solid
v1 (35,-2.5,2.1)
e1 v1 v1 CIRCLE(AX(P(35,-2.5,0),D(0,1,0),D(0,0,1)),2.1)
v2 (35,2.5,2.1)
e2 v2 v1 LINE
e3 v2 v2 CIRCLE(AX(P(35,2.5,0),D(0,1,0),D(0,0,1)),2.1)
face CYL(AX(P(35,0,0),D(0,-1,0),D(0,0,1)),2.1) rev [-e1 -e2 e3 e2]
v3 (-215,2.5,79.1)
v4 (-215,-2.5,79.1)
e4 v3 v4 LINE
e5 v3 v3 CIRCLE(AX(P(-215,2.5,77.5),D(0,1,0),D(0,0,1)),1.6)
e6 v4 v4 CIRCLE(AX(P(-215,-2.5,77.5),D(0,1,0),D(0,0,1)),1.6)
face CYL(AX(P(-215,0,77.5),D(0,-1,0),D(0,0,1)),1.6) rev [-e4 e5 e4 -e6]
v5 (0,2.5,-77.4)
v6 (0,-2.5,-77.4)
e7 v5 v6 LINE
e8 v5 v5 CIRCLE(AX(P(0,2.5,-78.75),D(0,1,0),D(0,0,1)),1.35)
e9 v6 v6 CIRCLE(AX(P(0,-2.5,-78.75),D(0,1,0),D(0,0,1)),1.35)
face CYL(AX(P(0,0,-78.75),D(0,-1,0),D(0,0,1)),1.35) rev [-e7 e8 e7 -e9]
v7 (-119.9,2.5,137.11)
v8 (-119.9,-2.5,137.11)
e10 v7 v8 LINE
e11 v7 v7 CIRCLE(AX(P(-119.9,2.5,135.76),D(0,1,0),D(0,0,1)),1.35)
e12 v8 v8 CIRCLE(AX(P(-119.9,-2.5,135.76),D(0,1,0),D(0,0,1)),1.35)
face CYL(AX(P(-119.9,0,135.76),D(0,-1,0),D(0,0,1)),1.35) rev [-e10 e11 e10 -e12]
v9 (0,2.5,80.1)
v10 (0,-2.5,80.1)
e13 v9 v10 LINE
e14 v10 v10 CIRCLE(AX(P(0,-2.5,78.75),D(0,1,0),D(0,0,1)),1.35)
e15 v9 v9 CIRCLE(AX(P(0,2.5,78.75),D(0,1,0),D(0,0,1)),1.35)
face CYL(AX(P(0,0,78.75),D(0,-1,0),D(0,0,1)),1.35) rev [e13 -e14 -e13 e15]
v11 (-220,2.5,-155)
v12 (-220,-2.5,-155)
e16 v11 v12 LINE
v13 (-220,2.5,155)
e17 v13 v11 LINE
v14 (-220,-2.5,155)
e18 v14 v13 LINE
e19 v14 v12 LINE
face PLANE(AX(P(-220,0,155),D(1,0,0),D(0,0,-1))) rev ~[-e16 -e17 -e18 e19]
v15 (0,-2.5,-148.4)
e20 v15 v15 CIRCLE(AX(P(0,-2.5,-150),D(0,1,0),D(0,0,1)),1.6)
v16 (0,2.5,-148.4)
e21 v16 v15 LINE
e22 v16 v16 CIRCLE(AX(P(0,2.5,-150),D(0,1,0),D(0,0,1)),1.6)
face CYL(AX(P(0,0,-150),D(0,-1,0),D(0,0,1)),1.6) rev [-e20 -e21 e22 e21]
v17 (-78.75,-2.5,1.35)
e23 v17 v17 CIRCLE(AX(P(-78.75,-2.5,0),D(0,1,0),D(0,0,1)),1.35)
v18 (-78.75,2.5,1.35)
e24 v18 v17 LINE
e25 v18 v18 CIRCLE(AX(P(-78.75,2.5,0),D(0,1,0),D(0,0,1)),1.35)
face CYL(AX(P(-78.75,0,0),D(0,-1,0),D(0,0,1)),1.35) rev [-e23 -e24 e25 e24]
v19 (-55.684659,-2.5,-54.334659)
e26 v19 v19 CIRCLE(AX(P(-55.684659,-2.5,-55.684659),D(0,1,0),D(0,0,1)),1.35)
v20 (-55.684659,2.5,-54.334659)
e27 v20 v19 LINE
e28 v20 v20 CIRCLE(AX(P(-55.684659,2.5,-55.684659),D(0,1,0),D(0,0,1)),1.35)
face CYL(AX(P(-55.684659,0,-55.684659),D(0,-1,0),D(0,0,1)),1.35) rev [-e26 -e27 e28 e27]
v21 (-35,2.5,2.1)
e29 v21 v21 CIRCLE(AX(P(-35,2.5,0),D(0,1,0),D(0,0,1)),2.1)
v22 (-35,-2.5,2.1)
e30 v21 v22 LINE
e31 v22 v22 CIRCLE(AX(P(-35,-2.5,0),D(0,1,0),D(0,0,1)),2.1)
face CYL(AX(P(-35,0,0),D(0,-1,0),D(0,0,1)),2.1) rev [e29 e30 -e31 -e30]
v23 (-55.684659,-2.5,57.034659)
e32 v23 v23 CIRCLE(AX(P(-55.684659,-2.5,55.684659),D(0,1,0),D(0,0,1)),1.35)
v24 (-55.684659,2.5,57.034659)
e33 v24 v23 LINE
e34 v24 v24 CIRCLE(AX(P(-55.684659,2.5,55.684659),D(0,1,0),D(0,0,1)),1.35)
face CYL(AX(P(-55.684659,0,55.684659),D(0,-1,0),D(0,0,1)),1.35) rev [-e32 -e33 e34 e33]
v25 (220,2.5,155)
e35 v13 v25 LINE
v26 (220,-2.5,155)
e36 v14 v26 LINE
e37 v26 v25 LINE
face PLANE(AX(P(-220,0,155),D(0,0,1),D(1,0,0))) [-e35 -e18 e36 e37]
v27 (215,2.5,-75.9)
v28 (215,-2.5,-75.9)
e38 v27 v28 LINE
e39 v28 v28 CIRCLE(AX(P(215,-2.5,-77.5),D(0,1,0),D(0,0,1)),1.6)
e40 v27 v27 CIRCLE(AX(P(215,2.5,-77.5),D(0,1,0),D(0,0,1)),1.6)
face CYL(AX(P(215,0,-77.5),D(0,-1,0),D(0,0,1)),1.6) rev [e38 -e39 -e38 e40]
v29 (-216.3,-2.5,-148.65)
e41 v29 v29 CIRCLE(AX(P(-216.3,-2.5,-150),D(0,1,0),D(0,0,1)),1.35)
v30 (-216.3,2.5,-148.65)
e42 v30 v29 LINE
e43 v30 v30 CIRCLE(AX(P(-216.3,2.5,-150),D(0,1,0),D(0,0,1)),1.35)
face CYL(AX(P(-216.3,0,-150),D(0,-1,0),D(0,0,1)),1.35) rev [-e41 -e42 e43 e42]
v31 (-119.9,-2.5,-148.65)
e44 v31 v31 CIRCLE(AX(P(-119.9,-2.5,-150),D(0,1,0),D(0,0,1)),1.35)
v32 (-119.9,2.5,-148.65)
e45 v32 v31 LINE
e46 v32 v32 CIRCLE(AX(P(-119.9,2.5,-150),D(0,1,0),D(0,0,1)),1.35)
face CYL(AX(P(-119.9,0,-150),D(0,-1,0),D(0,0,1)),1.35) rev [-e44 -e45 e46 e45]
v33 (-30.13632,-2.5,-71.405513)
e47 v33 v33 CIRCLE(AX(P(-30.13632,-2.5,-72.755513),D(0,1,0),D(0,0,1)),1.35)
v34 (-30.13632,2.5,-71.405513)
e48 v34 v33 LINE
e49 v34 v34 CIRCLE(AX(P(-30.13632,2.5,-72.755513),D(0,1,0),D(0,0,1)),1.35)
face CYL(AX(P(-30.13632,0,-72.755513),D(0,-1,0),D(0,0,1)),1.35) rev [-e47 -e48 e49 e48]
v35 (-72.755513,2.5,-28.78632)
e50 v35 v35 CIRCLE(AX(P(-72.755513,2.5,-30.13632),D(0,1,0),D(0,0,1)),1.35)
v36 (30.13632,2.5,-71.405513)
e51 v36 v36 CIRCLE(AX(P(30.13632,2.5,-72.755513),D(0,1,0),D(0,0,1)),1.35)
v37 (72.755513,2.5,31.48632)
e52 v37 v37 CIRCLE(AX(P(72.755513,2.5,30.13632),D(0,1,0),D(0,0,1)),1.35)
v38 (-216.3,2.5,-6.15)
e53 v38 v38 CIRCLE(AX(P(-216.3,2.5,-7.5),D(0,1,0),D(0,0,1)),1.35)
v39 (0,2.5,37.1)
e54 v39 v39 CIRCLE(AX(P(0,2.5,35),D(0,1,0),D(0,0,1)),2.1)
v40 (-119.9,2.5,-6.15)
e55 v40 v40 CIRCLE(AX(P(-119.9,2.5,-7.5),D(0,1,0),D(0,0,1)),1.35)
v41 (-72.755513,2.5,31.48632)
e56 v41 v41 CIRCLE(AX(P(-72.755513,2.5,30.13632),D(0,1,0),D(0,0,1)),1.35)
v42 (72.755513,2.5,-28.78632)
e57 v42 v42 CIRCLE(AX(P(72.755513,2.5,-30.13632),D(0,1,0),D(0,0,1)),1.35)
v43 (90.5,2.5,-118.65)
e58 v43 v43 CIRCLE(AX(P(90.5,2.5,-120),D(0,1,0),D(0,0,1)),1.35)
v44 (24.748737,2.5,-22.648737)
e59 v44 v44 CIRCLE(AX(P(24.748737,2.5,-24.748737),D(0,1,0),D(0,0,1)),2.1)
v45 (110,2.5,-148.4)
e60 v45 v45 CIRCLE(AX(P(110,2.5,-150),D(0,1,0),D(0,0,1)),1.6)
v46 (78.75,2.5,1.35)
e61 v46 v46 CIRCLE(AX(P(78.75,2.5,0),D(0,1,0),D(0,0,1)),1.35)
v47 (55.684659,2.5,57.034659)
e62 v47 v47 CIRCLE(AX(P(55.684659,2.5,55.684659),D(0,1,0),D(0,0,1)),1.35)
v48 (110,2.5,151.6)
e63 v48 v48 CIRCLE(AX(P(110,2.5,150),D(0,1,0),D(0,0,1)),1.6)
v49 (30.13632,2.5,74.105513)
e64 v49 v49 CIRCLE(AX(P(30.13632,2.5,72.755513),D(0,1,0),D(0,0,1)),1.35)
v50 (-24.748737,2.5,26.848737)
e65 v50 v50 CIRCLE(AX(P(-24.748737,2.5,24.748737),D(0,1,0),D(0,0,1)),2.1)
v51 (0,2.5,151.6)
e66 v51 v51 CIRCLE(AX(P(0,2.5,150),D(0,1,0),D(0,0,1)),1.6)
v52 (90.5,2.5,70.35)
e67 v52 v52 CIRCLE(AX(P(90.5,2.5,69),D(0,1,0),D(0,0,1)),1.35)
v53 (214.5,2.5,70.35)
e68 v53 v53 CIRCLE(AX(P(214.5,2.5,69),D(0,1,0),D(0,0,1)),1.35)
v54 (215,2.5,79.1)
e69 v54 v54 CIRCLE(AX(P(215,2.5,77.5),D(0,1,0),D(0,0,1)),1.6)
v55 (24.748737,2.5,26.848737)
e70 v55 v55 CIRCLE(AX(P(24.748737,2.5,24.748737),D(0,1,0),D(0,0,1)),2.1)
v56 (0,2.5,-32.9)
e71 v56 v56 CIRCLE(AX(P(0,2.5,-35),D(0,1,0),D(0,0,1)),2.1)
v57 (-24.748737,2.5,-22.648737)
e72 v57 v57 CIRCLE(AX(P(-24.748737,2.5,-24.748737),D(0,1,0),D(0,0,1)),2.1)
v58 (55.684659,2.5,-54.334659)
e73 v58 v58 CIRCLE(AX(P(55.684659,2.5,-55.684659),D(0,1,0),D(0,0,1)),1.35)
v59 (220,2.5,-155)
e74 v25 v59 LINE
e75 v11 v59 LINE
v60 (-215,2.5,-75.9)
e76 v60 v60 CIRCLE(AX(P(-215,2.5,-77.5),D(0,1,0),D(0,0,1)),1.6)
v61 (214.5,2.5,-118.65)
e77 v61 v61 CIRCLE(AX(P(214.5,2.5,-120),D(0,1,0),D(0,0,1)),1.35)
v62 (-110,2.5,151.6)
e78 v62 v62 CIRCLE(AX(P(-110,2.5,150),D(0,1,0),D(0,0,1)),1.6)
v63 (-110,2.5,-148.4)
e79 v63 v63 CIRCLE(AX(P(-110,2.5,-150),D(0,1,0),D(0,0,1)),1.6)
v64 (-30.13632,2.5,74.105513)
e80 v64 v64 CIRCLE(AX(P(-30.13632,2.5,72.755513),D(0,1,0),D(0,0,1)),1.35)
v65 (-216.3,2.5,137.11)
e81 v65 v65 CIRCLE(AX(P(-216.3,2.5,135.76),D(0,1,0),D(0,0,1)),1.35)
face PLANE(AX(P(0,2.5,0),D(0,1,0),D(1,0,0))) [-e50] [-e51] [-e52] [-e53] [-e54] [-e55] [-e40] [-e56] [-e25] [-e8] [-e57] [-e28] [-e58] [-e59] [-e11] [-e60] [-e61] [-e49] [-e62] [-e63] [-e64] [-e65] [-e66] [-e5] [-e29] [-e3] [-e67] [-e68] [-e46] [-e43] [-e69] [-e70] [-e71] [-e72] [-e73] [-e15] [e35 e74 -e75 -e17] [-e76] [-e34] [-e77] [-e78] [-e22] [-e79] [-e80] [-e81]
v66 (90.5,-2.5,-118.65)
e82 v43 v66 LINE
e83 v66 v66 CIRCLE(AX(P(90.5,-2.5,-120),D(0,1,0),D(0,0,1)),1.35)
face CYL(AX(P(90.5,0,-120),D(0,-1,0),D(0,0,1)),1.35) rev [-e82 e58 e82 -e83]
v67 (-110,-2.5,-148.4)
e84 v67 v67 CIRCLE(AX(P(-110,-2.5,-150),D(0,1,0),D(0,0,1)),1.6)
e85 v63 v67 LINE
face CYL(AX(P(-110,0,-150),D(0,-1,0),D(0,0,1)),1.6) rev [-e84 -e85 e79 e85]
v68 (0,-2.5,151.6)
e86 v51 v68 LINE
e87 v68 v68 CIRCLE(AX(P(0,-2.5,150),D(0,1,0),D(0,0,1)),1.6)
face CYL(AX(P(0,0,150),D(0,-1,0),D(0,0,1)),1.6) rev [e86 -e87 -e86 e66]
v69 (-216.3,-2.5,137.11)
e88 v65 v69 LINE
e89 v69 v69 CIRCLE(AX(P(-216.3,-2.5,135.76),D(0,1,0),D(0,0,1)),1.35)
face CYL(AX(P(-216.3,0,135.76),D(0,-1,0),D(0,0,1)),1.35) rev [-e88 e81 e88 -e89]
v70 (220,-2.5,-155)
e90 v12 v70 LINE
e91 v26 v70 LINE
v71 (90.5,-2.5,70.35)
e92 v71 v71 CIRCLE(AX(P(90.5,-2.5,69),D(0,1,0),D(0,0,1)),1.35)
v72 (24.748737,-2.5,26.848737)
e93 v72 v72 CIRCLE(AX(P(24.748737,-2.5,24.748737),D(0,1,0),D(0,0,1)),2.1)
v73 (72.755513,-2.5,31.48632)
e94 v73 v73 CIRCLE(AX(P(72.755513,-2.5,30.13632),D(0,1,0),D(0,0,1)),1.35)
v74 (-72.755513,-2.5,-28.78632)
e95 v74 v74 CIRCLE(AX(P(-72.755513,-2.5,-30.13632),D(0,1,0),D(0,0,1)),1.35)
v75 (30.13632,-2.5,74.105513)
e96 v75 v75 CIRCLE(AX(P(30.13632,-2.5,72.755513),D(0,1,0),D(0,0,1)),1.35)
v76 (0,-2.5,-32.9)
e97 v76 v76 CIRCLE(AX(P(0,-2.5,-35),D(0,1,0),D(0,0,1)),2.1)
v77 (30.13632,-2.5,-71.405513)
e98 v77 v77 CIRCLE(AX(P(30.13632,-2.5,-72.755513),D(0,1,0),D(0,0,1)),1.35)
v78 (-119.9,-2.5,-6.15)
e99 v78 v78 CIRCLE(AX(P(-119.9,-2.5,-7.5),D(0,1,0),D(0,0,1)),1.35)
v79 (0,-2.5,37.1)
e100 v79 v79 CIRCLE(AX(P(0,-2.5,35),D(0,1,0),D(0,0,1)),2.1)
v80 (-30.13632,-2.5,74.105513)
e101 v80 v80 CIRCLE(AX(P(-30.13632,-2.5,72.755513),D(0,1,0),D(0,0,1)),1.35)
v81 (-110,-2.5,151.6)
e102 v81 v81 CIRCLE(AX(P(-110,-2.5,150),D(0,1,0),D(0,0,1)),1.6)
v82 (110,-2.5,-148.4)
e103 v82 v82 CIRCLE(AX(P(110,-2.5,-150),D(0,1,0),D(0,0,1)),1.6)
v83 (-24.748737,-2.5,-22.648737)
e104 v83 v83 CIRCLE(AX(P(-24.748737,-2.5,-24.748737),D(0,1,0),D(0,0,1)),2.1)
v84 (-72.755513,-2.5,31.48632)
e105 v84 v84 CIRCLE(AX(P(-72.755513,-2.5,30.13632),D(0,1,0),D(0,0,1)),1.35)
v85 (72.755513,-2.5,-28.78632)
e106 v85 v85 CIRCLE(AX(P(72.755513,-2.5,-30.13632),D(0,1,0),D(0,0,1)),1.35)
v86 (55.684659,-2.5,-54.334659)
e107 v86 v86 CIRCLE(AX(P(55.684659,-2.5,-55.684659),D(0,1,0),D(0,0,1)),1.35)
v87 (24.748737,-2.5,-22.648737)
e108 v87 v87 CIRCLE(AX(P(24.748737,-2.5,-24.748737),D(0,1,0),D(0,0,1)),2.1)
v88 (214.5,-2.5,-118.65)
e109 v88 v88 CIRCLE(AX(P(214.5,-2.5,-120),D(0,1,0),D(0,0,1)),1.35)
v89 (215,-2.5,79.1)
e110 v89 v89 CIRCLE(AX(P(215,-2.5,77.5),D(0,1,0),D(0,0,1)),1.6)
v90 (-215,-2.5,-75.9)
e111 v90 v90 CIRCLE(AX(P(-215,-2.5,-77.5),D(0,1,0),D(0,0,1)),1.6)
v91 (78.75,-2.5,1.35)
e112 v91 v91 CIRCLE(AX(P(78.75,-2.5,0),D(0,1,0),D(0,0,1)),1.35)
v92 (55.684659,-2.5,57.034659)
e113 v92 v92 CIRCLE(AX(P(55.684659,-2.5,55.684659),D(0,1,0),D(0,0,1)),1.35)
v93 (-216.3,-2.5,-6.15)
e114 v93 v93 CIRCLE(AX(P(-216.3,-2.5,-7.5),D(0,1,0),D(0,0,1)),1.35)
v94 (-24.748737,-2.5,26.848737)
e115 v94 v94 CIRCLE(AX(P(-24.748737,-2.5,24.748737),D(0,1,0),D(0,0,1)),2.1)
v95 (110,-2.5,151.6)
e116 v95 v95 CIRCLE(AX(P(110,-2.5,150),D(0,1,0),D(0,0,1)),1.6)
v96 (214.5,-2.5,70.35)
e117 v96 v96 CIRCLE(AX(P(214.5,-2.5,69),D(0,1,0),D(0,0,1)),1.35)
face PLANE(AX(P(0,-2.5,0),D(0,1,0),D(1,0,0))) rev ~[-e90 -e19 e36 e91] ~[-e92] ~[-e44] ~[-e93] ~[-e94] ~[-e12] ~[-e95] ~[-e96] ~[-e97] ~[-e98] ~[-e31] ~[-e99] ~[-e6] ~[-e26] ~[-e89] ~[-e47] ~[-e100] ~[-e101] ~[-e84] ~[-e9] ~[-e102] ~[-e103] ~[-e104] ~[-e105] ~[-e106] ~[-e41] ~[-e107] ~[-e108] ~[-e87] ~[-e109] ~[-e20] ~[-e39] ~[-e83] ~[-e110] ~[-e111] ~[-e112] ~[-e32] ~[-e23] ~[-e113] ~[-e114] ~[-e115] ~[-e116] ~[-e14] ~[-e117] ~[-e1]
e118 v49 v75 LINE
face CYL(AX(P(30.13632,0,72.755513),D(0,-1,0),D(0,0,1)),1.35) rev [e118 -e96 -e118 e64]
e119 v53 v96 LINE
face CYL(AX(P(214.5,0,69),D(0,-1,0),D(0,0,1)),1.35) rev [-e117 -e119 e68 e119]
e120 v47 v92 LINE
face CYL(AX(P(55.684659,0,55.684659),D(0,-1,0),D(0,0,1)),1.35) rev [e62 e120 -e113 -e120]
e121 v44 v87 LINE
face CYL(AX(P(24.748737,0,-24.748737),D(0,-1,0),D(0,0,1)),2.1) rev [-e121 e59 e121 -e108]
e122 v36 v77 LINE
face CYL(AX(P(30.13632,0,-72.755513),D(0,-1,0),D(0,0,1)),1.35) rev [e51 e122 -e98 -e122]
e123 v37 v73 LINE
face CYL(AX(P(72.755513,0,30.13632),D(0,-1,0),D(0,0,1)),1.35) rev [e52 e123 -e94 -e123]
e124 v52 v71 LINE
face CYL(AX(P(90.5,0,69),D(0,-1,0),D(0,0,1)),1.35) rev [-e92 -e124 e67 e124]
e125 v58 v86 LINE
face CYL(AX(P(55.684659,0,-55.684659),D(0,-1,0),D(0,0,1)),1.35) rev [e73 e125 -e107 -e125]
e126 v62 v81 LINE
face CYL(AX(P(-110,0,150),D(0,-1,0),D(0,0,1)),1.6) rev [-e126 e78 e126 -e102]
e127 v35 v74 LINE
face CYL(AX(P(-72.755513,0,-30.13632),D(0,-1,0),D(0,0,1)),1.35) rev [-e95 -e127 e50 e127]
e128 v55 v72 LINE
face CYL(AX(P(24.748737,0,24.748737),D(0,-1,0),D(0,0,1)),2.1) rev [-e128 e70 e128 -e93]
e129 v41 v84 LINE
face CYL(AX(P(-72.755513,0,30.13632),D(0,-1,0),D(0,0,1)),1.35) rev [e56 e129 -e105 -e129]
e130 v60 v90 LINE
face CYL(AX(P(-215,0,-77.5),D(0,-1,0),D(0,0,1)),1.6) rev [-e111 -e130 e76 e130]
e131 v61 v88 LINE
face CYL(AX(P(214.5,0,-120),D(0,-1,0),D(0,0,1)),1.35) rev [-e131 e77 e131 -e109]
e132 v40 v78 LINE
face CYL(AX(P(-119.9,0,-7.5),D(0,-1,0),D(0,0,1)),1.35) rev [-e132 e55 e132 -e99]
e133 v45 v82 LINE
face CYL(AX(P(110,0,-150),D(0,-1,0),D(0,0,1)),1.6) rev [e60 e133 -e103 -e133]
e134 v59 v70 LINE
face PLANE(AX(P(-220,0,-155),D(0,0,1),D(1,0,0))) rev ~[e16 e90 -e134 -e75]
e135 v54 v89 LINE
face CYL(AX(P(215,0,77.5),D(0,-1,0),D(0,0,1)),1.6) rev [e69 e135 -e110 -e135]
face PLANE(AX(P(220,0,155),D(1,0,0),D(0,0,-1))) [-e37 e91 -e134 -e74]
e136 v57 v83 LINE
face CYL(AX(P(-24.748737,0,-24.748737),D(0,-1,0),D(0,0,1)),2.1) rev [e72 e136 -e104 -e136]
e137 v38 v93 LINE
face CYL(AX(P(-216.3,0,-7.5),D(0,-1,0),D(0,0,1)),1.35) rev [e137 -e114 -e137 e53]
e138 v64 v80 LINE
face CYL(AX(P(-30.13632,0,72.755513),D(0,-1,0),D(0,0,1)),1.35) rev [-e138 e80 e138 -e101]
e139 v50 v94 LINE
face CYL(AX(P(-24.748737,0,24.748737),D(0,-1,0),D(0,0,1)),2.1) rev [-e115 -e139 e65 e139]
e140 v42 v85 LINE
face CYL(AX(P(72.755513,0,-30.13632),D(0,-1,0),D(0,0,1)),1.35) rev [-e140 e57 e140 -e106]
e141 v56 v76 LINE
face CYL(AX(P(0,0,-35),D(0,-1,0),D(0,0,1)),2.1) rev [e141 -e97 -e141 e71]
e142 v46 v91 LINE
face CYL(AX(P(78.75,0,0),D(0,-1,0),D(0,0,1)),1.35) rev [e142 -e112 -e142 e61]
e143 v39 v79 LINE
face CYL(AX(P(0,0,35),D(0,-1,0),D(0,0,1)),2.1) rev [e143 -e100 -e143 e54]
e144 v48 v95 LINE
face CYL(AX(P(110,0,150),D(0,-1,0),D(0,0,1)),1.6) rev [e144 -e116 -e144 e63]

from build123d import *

# Parameters (mm, degrees)
SKETCH1_W           = 440
SKETCH1_H           = 310
SKETCH1_R           = 1.35
SKETCH1_R_2         = 1.6
SKETCH1_R_3         = 2.1
BOSS_EXTRUDE1_DEPTH = 2.5


with BuildPart() as part:
    # Sketch1 → Boss-Extrude1 (new, symmetric)
    with BuildSketch(Plane(origin=(0, 0, 0), x_dir=(1, 0, 0), z_dir=(0, 1, 0))):
        Rectangle(SKETCH1_W, SKETCH1_H)
        with Locations(Location((-216.3, -135.76, 0), (0, 0, 270))):
            Circle(SKETCH1_R, mode=Mode.SUBTRACT)
        with Locations(Location((-119.9, -135.76, 0), (0, 0, 270))):
            Circle(SKETCH1_R, mode=Mode.SUBTRACT)
        with Locations(Location((-110, -150, 0), (0, 0, 270))):
            Circle(SKETCH1_R_2, mode=Mode.SUBTRACT)
        with Locations(Location((-215, -77.5, 0), (0, 0, 270))):
            Circle(SKETCH1_R_2, mode=Mode.SUBTRACT)
        with Locations(Location((-55.684659018, -55.684659018, 0), (0, 0, 270))):
            Circle(SKETCH1_R, mode=Mode.SUBTRACT)
        with Locations(Location((-30.136320299, -72.755513185, 0), (0, 0, 270))):
            Circle(SKETCH1_R, mode=Mode.SUBTRACT)
        with Locations(Location((-72.755513185, -30.136320299, 0), (0, 0, 270))):
            Circle(SKETCH1_R, mode=Mode.SUBTRACT)
        with Locations(Location((-78.75, 0, 0), (0, 0, 270))):
            Circle(SKETCH1_R, mode=Mode.SUBTRACT)
        with Locations(Location((-24.748737342, -24.748737342, 0), (0, 0, 270))):
            Circle(SKETCH1_R_3, mode=Mode.SUBTRACT)
        with Locations(Location((0, -150, 0), (0, 0, 270))):
            Circle(SKETCH1_R_2, mode=Mode.SUBTRACT)
        with Locations(Location((110, -150, 0), (0, 0, 270))):
            Circle(SKETCH1_R_2, mode=Mode.SUBTRACT)
        with Locations(Location((0, -78.75, 0), (0, 0, 270))):
            Circle(SKETCH1_R, mode=Mode.SUBTRACT)
        with Locations(Location((30.136320299, -72.755513185, 0), (0, 0, 270))):
            Circle(SKETCH1_R, mode=Mode.SUBTRACT)
        with Locations(Location((90.5, -69, 0), (0, 0, 270))):
            Circle(SKETCH1_R, mode=Mode.SUBTRACT)
        with Locations(Location((55.684659018, -55.684659018, 0), (0, 0, 270))):
            Circle(SKETCH1_R, mode=Mode.SUBTRACT)
        with Locations(Location((0, -35, 0), (0, 0, 270))):
            Circle(SKETCH1_R_3, mode=Mode.SUBTRACT)
        with Locations(Location((24.748737342, -24.748737342, 0), (0, 0, 270))):
            Circle(SKETCH1_R_3, mode=Mode.SUBTRACT)
        with Locations(Location((35, 0, 0), (0, 0, 270))):
            Circle(SKETCH1_R_3, mode=Mode.SUBTRACT)
        with Locations(Location((72.755513185, -30.136320299, 0), (0, 0, 270))):
            Circle(SKETCH1_R, mode=Mode.SUBTRACT)
        with Locations(Location((215, -77.5, 0), (0, 0, 270))):
            Circle(SKETCH1_R_2, mode=Mode.SUBTRACT)
        with Locations(Location((214.5, -69, 0), (0, 0, 270))):
            Circle(SKETCH1_R, mode=Mode.SUBTRACT)
        with Locations(Location((-216.3, 7.5, 0), (0, 0, 270))):
            Circle(SKETCH1_R, mode=Mode.SUBTRACT)
        with Locations(Location((-119.9, 7.5, 0), (0, 0, 270))):
            Circle(SKETCH1_R, mode=Mode.SUBTRACT)
        with Locations(Location((-215, 77.5, 0), (0, 0, 270))):
            Circle(SKETCH1_R_2, mode=Mode.SUBTRACT)
        with Locations(Location((-72.755513185, 30.136320299, 0), (0, 0, 270))):
            Circle(SKETCH1_R, mode=Mode.SUBTRACT)
        with Locations(Location((-35, 0, 0), (0, 0, 270))):
            Circle(SKETCH1_R_3, mode=Mode.SUBTRACT)
        with Locations(Location((-24.748737342, 24.748737342, 0), (0, 0, 270))):
            Circle(SKETCH1_R_3, mode=Mode.SUBTRACT)
        with Locations(Location((-55.684659018, 55.684659018, 0), (0, 0, 270))):
            Circle(SKETCH1_R, mode=Mode.SUBTRACT)
        with Locations(Location((-30.136320299, 72.755513185, 0), (0, 0, 270))):
            Circle(SKETCH1_R, mode=Mode.SUBTRACT)
        with Locations(Location((-216.3, 150, 0), (0, 0, 270))):
            Circle(SKETCH1_R, mode=Mode.SUBTRACT)
        with Locations(Location((-119.9, 150, 0), (0, 0, 270))):
            Circle(SKETCH1_R, mode=Mode.SUBTRACT)
        with Locations(Location((0, 78.75, 0), (0, 0, 270))):
            Circle(SKETCH1_R, mode=Mode.SUBTRACT)
        with Locations(Location((-110, 150, 0), (0, 0, 270))):
            Circle(SKETCH1_R_2, mode=Mode.SUBTRACT)
        with Locations(Location((24.748737342, 24.748737342, 0), (0, 0, 270))):
            Circle(SKETCH1_R_3, mode=Mode.SUBTRACT)
        with Locations(Location((0, 35, 0), (0, 0, 270))):
            Circle(SKETCH1_R_3, mode=Mode.SUBTRACT)
        with Locations(Location((78.75, 0, 0), (0, 0, 270))):
            Circle(SKETCH1_R, mode=Mode.SUBTRACT)
        with Locations(Location((72.755513185, 30.136320299, 0), (0, 0, 270))):
            Circle(SKETCH1_R, mode=Mode.SUBTRACT)
        with Locations(Location((30.136320299, 72.755513185, 0), (0, 0, 270))):
            Circle(SKETCH1_R, mode=Mode.SUBTRACT)
        with Locations(Location((55.684659018, 55.684659018, 0), (0, 0, 270))):
            Circle(SKETCH1_R, mode=Mode.SUBTRACT)
        with Locations(Location((215, 77.5, 0), (0, 0, 270))):
            Circle(SKETCH1_R_2, mode=Mode.SUBTRACT)
        with Locations(Location((0, 150, 0), (0, 0, 270))):
            Circle(SKETCH1_R_2, mode=Mode.SUBTRACT)
        with Locations(Location((90.5, 120, 0), (0, 0, 270))):
            Circle(SKETCH1_R, mode=Mode.SUBTRACT)
        with Locations(Location((110, 150, 0), (0, 0, 270))):
            Circle(SKETCH1_R_2, mode=Mode.SUBTRACT)
        with Locations(Location((214.5, 120, 0), (0, 0, 270))):
            Circle(SKETCH1_R, mode=Mode.SUBTRACT)
    extrude(amount=BOSS_EXTRUDE1_DEPTH, both=True)


solid = part.part
